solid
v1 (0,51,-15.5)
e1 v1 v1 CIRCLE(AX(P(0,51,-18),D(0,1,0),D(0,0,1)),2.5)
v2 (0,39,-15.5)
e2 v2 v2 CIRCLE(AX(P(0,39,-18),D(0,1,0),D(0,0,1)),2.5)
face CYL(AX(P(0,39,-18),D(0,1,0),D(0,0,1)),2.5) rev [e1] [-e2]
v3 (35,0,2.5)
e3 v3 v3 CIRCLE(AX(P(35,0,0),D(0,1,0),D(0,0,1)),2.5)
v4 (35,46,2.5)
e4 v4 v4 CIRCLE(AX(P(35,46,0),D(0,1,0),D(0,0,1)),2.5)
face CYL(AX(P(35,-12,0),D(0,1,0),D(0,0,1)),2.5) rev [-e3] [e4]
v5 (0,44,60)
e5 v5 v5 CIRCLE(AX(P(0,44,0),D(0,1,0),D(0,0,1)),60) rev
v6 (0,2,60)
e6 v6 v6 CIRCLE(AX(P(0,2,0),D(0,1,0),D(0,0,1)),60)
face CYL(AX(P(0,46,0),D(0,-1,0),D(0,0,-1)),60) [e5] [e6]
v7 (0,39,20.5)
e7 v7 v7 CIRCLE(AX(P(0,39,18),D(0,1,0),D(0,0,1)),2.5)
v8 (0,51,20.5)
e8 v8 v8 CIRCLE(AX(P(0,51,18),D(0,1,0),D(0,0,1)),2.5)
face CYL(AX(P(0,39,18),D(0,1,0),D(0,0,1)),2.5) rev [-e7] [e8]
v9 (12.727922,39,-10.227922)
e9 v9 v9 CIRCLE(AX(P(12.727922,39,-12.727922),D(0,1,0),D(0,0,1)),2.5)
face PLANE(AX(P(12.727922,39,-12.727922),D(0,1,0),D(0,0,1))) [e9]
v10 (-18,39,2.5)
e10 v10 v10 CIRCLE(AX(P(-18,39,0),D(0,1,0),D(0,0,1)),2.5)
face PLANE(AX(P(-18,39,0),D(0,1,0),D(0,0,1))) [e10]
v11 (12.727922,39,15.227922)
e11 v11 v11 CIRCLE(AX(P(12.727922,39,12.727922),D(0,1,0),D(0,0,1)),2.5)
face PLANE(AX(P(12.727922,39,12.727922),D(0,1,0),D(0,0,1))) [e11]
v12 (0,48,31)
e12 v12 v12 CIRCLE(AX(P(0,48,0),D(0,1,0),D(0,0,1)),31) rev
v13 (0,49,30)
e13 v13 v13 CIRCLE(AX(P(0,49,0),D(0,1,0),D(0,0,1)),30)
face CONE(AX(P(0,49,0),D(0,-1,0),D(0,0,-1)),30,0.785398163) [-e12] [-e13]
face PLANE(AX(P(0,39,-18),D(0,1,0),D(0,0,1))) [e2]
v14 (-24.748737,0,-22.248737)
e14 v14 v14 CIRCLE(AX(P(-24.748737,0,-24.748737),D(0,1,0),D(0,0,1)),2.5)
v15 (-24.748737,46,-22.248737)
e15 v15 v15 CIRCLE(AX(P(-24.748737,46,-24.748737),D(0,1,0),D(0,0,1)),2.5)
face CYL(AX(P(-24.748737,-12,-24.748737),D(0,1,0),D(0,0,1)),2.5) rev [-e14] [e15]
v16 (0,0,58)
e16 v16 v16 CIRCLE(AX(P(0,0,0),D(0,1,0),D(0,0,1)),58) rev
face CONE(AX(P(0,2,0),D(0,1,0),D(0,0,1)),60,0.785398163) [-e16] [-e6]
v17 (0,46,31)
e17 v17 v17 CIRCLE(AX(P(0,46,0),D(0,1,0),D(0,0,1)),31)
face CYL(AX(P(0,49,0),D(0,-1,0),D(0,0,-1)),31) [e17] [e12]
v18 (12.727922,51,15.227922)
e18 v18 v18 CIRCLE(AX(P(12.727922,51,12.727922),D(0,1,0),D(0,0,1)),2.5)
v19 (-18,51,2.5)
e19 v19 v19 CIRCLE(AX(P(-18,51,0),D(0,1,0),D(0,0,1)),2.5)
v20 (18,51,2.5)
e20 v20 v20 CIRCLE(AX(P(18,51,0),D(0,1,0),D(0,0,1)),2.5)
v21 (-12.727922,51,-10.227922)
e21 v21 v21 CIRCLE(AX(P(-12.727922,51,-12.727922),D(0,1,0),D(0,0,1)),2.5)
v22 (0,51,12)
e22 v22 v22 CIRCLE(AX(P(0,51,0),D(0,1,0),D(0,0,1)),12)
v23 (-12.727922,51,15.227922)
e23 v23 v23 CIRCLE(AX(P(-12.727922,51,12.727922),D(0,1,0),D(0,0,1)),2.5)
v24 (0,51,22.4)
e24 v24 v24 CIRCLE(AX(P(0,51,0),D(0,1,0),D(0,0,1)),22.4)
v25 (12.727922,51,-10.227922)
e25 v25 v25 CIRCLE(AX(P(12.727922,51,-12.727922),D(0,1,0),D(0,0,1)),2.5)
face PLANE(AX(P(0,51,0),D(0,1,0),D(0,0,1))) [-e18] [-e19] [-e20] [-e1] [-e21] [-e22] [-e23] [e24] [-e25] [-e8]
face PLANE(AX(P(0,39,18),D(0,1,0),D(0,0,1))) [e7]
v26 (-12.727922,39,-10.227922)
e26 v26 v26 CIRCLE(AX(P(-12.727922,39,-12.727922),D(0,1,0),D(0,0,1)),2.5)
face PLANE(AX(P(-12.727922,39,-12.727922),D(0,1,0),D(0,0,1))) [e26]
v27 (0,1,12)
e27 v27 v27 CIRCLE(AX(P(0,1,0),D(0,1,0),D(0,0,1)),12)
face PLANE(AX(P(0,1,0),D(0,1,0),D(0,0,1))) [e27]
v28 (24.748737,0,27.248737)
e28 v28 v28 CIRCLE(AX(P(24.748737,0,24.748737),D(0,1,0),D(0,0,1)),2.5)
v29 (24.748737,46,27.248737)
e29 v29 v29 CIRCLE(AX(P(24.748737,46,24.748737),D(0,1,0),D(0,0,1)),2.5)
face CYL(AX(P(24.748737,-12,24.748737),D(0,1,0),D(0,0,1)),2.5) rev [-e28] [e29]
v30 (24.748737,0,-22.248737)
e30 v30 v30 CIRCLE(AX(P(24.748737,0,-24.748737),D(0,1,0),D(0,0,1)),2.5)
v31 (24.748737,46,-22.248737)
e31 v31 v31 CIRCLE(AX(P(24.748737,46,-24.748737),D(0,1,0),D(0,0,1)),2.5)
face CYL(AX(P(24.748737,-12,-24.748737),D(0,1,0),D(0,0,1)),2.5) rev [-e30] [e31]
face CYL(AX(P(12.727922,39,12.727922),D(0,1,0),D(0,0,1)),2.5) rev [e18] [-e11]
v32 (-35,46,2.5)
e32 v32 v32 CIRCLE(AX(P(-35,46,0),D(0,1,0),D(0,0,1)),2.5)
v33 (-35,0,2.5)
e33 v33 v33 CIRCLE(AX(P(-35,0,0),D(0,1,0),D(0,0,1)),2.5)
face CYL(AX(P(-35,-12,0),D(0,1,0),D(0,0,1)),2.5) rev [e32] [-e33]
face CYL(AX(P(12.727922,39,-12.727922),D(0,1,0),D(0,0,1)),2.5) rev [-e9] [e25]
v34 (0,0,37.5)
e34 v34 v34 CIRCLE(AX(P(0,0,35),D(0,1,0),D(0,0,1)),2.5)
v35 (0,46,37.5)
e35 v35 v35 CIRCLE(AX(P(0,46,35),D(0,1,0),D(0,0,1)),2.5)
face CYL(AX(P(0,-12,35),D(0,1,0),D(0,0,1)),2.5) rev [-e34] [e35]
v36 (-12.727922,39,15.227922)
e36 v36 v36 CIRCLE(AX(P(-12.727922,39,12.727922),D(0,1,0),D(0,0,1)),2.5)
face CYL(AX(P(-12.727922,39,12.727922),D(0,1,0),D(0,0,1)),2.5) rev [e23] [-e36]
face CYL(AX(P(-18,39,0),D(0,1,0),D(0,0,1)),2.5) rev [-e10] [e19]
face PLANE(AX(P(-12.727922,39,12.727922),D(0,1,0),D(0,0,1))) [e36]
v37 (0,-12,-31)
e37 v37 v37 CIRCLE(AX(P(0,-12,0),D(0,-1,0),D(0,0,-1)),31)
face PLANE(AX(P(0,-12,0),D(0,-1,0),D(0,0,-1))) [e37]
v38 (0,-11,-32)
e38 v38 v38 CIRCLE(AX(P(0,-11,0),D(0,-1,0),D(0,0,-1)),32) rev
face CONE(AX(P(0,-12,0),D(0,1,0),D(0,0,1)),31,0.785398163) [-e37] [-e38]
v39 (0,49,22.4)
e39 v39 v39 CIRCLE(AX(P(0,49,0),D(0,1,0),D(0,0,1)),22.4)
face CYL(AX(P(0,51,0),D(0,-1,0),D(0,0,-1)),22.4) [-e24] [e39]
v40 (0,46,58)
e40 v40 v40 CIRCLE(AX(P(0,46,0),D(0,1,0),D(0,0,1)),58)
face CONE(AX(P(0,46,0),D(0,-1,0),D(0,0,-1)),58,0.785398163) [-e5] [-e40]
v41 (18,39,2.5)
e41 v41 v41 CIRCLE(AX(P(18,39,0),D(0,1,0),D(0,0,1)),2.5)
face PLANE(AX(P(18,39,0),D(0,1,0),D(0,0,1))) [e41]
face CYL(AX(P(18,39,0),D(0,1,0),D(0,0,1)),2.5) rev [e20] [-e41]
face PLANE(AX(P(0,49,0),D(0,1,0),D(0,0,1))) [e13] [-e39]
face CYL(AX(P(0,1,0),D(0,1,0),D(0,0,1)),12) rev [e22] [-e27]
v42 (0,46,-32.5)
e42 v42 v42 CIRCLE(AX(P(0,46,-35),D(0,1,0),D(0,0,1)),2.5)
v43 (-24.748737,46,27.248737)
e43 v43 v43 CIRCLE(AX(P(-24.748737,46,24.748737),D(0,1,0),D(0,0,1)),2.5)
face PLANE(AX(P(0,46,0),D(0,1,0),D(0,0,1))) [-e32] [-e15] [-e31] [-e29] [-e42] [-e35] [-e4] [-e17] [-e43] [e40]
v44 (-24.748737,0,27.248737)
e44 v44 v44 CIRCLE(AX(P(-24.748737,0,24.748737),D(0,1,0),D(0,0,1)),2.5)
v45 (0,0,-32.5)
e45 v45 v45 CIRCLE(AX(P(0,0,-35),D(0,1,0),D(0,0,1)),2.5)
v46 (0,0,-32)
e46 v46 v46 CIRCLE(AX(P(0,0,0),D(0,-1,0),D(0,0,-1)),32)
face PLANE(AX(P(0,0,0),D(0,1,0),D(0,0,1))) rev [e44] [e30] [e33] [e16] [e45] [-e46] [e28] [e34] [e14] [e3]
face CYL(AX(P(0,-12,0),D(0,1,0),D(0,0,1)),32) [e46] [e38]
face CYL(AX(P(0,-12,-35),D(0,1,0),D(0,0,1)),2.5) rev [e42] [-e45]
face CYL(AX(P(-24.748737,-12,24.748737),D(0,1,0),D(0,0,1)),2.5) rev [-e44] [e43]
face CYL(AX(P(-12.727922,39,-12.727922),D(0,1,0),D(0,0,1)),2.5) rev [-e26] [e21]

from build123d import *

# Parameters (mm, degrees)
SKETCH1_R               = 60
BOSS_EXTRUDE1_DEPTH     = 46
SKETCH2_R               = 32
BOSS_EXTRUDE2_DEPTH     = 12
SKETCH3_R               = 31
BOSS_EXTRUDE3_DEPTH     = 3
SKETCH4_R               = 22.4
BOSS_EXTRUDE4_DEPTH     = 2
SKETCH6_R               = 12
CUT_EXTRUDE1_DEPTH      = 50
SKETCH8_R               = 2.5
CUT_EXTRUDE2_DEPTH      = 12
CUT_EXTRUDE3_DEPTH      = 103.78132126
CUT_EXTRUDE3_DEPTH_BACK = 103.78132126
SKETCH9_R               = 2.5
CHAMFER1_SIZE           = 2
CHAMFER2_SIZE           = 1


with BuildPart() as part:
    # Sketch1 → Boss-Extrude1 (new body)
    with BuildSketch(Plane(origin=(0, 0, 0), x_dir=(1, 0, 0), z_dir=(0, 1, 0))):
        Circle(SKETCH1_R)
    extrude(amount=BOSS_EXTRUDE1_DEPTH)

    # Sketch2 → Boss-Extrude2 (add)
    with BuildSketch(Plane.XZ):
        Circle(SKETCH2_R)
    extrude(amount=BOSS_EXTRUDE2_DEPTH)

    # Sketch3 → Boss-Extrude3 (add)
    with BuildSketch(Plane(origin=(0, 46, 0), x_dir=(1, 0, 0), z_dir=(0, 1, 0))):
        Circle(SKETCH3_R)
    extrude(amount=BOSS_EXTRUDE3_DEPTH)

    # Sketch4 → Boss-Extrude4 (add)
    with BuildSketch(Plane(origin=(0, 49, 0), x_dir=(1, 0, 0), z_dir=(0, 1, 0))):
        Circle(SKETCH4_R)
    extrude(amount=BOSS_EXTRUDE4_DEPTH)

    # Sketch6 → Cut-Extrude1 (cut)
    with BuildSketch(Plane(origin=(0, 51, 0), x_dir=(1, 0, 0), z_dir=(0, 1, 0))):
        Circle(SKETCH6_R)
    extrude(amount=-CUT_EXTRUDE1_DEPTH, mode=Mode.SUBTRACT)

    # Sketch8 → Cut-Extrude2 (cut)
    with BuildSketch(Plane(origin=(0, 51, 0), x_dir=(1, 0, 0), z_dir=(0, 1, 0))):
        with Locations((0, 18)):
            Circle(SKETCH8_R)
        with Locations((12.727922061, 12.727922061)):
            Circle(SKETCH8_R)
        with Locations((18, 0)):
            Circle(SKETCH8_R)
        with Locations((12.727922061, -12.727922061)):
            Circle(SKETCH8_R)
        with Locations((0, -18)):
            Circle(SKETCH8_R)
        with Locations((-12.727922061, -12.727922061)):
            Circle(SKETCH8_R)
        with Locations((-18, 0)):
            Circle(SKETCH8_R)
        with Locations((-12.727922061, 12.727922061)):
            Circle(SKETCH8_R)
    extrude(amount=-CUT_EXTRUDE2_DEPTH, mode=Mode.SUBTRACT)

    # Sketch9 → Cut-Extrude3 (cut, two sides: drawn at the far end of the back side and taken through both)
    with BuildSketch(Plane(origin=(0, 46, 0), x_dir=(1, 0, 0), z_dir=(0, 1, 0)).offset(-CUT_EXTRUDE3_DEPTH_BACK)):
        with Locations((0, 35)):
            Circle(SKETCH9_R)
        with Locations((24.748737342, 24.748737342)):
            Circle(SKETCH9_R)
        with Locations((35, 0)):
            Circle(SKETCH9_R)
        with Locations((24.748737342, -24.748737342)):
            Circle(SKETCH9_R)
        with Locations((0, -35)):
            Circle(SKETCH9_R)
        with Locations((-24.748737342, -24.748737342)):
            Circle(SKETCH9_R)
        with Locations((-35, 0)):
            Circle(SKETCH9_R)
        with Locations((-24.748737342, 24.748737342)):
            Circle(SKETCH9_R)
    extrude(amount=CUT_EXTRUDE3_DEPTH + CUT_EXTRUDE3_DEPTH_BACK, mode=Mode.SUBTRACT)

    # Chamfer1
    chamfer1_edges = [part.edges().sort_by_distance(p)[0] for p in [
        (-60, 0, 0),
        (-60, 46, 0),
    ]]
    chamfer(chamfer1_edges, length=CHAMFER1_SIZE)

    # Chamfer2
    chamfer2_edges = [part.edges().sort_by_distance(p)[0] for p in [
        (-31, 49, 0),
        (-32, -12, 0),
    ]]
    chamfer(chamfer2_edges, length=CHAMFER2_SIZE)


solid = part.part
